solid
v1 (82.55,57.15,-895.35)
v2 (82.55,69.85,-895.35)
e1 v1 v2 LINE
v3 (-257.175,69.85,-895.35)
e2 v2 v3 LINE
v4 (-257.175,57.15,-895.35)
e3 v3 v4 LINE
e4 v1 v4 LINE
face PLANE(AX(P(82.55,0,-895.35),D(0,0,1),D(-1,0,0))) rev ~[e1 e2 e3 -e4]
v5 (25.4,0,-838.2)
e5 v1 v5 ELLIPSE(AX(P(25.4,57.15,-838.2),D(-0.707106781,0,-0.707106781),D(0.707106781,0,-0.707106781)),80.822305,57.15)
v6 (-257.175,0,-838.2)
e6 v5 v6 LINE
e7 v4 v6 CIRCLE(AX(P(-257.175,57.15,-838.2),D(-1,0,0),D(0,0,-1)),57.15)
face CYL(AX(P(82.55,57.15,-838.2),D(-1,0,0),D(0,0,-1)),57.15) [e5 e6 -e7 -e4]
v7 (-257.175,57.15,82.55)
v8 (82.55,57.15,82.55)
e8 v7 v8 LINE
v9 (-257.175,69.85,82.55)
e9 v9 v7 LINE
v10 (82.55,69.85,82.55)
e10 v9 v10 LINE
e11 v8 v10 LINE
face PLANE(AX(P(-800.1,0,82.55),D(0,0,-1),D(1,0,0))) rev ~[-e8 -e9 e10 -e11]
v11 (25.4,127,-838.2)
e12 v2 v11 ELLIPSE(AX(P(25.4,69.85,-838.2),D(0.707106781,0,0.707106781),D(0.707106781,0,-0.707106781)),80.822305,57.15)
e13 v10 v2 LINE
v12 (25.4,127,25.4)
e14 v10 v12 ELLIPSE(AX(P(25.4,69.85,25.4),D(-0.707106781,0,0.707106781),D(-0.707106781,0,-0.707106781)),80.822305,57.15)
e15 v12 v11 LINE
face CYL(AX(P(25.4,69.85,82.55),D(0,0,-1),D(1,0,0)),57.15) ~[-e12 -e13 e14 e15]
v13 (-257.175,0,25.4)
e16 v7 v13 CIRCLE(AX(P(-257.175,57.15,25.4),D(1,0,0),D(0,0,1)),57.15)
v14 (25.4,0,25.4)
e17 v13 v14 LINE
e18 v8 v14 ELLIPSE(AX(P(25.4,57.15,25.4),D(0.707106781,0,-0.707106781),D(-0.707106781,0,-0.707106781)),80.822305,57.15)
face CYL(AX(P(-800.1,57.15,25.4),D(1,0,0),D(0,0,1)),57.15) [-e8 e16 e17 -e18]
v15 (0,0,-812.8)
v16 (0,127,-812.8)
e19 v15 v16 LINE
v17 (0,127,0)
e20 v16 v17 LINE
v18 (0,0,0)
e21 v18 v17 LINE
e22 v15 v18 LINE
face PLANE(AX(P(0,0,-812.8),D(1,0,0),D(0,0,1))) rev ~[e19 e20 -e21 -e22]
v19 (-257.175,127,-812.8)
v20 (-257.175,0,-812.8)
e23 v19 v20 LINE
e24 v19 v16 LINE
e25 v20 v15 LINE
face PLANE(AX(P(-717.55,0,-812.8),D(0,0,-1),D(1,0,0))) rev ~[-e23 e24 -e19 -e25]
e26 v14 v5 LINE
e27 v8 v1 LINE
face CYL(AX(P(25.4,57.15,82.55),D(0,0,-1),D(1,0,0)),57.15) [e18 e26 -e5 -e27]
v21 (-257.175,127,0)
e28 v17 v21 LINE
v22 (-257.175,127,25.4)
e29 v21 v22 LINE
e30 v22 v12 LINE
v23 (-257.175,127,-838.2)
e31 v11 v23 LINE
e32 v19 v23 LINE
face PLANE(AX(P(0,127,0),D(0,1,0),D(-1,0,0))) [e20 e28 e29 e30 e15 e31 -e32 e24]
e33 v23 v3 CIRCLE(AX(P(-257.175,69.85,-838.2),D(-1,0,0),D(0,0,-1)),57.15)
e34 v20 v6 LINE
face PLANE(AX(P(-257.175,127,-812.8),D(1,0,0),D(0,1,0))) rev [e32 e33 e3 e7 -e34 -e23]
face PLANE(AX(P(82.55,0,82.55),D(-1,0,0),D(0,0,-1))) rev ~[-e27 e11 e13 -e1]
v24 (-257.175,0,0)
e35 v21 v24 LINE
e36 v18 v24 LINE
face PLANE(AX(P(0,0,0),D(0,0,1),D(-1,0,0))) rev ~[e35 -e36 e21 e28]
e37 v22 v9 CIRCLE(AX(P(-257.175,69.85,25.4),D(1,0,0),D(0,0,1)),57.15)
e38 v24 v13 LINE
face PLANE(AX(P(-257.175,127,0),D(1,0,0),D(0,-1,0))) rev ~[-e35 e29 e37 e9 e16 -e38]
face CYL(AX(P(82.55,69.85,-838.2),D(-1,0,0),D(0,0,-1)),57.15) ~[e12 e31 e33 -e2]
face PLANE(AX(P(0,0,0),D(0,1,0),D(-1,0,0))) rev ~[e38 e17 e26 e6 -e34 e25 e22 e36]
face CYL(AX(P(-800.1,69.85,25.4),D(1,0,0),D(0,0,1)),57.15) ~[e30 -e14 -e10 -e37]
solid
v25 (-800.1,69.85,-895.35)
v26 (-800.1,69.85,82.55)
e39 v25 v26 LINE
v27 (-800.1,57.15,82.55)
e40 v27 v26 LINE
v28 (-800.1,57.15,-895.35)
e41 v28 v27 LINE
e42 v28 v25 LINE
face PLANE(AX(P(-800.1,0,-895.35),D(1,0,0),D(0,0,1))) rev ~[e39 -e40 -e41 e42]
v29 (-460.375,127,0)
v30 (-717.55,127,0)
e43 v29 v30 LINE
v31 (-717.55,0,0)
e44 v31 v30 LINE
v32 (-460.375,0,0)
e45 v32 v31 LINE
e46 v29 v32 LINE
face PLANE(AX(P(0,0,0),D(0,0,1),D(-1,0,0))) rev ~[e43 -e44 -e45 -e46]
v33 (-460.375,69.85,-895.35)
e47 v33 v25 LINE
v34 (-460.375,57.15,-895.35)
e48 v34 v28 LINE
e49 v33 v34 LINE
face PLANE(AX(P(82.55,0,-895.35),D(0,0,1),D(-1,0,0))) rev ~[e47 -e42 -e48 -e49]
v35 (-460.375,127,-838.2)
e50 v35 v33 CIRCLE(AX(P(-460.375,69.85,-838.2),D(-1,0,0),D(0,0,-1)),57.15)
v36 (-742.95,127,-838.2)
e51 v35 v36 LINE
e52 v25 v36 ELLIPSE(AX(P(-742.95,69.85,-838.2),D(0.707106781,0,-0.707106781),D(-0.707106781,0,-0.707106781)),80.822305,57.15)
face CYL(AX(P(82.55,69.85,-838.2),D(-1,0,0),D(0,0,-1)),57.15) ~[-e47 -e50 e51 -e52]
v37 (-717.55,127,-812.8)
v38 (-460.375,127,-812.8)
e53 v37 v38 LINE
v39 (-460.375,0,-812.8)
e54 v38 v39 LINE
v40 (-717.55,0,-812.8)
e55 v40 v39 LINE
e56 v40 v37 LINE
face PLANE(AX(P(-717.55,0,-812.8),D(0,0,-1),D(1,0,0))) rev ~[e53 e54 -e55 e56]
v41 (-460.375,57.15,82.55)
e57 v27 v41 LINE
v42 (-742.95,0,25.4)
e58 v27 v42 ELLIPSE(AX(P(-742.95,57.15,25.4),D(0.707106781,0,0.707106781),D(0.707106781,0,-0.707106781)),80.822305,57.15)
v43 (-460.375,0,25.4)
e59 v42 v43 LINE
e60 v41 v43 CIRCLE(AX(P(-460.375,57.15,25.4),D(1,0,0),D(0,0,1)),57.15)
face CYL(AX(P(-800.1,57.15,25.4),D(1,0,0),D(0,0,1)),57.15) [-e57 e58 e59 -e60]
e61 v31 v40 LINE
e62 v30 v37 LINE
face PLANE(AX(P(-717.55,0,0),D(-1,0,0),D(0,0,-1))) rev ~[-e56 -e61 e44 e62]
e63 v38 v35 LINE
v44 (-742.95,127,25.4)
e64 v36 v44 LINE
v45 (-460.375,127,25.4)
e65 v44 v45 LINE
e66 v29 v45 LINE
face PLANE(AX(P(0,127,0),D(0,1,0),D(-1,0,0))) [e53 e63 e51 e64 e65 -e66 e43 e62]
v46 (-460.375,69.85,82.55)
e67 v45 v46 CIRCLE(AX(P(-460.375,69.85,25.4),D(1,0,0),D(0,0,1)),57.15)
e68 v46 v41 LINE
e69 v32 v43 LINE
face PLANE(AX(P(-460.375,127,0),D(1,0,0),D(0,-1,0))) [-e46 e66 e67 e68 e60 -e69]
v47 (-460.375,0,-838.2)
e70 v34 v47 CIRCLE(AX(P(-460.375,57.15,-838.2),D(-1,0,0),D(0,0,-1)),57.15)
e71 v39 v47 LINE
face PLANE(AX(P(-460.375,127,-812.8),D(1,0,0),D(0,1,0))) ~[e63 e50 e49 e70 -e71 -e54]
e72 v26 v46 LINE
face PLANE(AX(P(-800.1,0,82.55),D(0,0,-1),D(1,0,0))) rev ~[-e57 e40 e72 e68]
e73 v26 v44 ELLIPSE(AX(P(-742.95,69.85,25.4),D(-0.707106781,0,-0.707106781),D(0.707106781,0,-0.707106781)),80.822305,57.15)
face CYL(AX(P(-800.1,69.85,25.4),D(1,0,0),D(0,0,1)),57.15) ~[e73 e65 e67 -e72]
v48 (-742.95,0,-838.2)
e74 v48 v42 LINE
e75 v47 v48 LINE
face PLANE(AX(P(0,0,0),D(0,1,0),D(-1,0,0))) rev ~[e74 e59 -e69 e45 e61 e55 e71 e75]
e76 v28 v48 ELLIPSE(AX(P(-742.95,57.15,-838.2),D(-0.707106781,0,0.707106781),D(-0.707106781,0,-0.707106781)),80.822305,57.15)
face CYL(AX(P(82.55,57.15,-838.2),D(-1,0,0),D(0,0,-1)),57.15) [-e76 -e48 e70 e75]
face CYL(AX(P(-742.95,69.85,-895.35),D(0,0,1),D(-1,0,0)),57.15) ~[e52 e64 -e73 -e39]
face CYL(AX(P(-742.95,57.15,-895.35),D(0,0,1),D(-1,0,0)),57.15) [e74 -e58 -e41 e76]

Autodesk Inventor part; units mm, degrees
ref_plane "YZ Plane" through (0, 0, 0) normal (1, 0, 0) x (0, 1, 0)
ref_plane "XZ Plane" through (0, 0, 0) normal (0, 1, 0) x (-1, 0, 0)
sketch "Sketch1" plane through (0, 0, 0) normal (0, 1, 0) x (-1, 0, 0)
  line L0 (0, 0) -> (717.55, 0)
  line L1 (717.55, 0) -> (717.55, -812.8)
  line L2 (717.55, -812.8) -> (0, -812.8)
  line L3 (0, -812.8) -> (0, 0)
  line L4 (800.1, -895.35) -> (800.1, 82.55)
  line L5 (800.1, 82.55) -> (-82.55, 82.55)
  line L6 (-82.55, 82.55) -> (-82.55, -895.35)
  line L7 (-82.55, -895.35) -> (800.1, -895.35)
  dimension "d0" = 812.8
  dimension "d1" = 717.55
  dimension "d2" = 82.55
extrude "Extrusion1" add sketch "Sketch1" along normal blind 127
fillet "Fillet1" radius 57.15 8 edges at (82.55, 127, -406.4) (82.55, 0, -406.4) (-358.775, 0, 82.55) (-358.775, 127, 82.55) (-358.775, 127, -895.35) (-358.775, 0, -895.35) (-800.1, 127, -406.4) (-800.1, 0, -406.4)
sketch "Sketch2" plane through (0, 0, 0) normal (0, 0, -1) x (-1, 0, 0)
  line L0 (717.55, 0) -> (0, 0) projected
  line L1 (717.55, 0) -> (717.55, 127) projected
  line L2 (0, 127) -> (717.55, 127) projected
  line L3 (0, 0) -> (0, 127) projected
  line L4 (460.375, 127) -> (460.375, 0)
  line L5 (717.55, 0) -> (0, 0) projected
  line L6 (0, 127) -> (717.55, 127) projected
  line L7 (257.175, 127) -> (257.175, 0)
  line L8 (358.775, 0) -> (358.775, 127)
  dimension "d6" = 203.2
extrude "Extrusion2" cut sketch "Sketch2" against normal blind 127 contours L0 L8 L2 L4 | L0 L7 L2 L8
ref_plane "Work Plane1" through (-800.1, 57.15, -406.4) normal (0, 0, 1) x (1, 0, 0)
mirror "Mirror1" about plane through (-800.1, 57.15, -406.4) normal (0, 0, 1) of "Extrusion2"
properties part number "Bumbers.ver1-1111-2019" material "Nylon 6/6"
